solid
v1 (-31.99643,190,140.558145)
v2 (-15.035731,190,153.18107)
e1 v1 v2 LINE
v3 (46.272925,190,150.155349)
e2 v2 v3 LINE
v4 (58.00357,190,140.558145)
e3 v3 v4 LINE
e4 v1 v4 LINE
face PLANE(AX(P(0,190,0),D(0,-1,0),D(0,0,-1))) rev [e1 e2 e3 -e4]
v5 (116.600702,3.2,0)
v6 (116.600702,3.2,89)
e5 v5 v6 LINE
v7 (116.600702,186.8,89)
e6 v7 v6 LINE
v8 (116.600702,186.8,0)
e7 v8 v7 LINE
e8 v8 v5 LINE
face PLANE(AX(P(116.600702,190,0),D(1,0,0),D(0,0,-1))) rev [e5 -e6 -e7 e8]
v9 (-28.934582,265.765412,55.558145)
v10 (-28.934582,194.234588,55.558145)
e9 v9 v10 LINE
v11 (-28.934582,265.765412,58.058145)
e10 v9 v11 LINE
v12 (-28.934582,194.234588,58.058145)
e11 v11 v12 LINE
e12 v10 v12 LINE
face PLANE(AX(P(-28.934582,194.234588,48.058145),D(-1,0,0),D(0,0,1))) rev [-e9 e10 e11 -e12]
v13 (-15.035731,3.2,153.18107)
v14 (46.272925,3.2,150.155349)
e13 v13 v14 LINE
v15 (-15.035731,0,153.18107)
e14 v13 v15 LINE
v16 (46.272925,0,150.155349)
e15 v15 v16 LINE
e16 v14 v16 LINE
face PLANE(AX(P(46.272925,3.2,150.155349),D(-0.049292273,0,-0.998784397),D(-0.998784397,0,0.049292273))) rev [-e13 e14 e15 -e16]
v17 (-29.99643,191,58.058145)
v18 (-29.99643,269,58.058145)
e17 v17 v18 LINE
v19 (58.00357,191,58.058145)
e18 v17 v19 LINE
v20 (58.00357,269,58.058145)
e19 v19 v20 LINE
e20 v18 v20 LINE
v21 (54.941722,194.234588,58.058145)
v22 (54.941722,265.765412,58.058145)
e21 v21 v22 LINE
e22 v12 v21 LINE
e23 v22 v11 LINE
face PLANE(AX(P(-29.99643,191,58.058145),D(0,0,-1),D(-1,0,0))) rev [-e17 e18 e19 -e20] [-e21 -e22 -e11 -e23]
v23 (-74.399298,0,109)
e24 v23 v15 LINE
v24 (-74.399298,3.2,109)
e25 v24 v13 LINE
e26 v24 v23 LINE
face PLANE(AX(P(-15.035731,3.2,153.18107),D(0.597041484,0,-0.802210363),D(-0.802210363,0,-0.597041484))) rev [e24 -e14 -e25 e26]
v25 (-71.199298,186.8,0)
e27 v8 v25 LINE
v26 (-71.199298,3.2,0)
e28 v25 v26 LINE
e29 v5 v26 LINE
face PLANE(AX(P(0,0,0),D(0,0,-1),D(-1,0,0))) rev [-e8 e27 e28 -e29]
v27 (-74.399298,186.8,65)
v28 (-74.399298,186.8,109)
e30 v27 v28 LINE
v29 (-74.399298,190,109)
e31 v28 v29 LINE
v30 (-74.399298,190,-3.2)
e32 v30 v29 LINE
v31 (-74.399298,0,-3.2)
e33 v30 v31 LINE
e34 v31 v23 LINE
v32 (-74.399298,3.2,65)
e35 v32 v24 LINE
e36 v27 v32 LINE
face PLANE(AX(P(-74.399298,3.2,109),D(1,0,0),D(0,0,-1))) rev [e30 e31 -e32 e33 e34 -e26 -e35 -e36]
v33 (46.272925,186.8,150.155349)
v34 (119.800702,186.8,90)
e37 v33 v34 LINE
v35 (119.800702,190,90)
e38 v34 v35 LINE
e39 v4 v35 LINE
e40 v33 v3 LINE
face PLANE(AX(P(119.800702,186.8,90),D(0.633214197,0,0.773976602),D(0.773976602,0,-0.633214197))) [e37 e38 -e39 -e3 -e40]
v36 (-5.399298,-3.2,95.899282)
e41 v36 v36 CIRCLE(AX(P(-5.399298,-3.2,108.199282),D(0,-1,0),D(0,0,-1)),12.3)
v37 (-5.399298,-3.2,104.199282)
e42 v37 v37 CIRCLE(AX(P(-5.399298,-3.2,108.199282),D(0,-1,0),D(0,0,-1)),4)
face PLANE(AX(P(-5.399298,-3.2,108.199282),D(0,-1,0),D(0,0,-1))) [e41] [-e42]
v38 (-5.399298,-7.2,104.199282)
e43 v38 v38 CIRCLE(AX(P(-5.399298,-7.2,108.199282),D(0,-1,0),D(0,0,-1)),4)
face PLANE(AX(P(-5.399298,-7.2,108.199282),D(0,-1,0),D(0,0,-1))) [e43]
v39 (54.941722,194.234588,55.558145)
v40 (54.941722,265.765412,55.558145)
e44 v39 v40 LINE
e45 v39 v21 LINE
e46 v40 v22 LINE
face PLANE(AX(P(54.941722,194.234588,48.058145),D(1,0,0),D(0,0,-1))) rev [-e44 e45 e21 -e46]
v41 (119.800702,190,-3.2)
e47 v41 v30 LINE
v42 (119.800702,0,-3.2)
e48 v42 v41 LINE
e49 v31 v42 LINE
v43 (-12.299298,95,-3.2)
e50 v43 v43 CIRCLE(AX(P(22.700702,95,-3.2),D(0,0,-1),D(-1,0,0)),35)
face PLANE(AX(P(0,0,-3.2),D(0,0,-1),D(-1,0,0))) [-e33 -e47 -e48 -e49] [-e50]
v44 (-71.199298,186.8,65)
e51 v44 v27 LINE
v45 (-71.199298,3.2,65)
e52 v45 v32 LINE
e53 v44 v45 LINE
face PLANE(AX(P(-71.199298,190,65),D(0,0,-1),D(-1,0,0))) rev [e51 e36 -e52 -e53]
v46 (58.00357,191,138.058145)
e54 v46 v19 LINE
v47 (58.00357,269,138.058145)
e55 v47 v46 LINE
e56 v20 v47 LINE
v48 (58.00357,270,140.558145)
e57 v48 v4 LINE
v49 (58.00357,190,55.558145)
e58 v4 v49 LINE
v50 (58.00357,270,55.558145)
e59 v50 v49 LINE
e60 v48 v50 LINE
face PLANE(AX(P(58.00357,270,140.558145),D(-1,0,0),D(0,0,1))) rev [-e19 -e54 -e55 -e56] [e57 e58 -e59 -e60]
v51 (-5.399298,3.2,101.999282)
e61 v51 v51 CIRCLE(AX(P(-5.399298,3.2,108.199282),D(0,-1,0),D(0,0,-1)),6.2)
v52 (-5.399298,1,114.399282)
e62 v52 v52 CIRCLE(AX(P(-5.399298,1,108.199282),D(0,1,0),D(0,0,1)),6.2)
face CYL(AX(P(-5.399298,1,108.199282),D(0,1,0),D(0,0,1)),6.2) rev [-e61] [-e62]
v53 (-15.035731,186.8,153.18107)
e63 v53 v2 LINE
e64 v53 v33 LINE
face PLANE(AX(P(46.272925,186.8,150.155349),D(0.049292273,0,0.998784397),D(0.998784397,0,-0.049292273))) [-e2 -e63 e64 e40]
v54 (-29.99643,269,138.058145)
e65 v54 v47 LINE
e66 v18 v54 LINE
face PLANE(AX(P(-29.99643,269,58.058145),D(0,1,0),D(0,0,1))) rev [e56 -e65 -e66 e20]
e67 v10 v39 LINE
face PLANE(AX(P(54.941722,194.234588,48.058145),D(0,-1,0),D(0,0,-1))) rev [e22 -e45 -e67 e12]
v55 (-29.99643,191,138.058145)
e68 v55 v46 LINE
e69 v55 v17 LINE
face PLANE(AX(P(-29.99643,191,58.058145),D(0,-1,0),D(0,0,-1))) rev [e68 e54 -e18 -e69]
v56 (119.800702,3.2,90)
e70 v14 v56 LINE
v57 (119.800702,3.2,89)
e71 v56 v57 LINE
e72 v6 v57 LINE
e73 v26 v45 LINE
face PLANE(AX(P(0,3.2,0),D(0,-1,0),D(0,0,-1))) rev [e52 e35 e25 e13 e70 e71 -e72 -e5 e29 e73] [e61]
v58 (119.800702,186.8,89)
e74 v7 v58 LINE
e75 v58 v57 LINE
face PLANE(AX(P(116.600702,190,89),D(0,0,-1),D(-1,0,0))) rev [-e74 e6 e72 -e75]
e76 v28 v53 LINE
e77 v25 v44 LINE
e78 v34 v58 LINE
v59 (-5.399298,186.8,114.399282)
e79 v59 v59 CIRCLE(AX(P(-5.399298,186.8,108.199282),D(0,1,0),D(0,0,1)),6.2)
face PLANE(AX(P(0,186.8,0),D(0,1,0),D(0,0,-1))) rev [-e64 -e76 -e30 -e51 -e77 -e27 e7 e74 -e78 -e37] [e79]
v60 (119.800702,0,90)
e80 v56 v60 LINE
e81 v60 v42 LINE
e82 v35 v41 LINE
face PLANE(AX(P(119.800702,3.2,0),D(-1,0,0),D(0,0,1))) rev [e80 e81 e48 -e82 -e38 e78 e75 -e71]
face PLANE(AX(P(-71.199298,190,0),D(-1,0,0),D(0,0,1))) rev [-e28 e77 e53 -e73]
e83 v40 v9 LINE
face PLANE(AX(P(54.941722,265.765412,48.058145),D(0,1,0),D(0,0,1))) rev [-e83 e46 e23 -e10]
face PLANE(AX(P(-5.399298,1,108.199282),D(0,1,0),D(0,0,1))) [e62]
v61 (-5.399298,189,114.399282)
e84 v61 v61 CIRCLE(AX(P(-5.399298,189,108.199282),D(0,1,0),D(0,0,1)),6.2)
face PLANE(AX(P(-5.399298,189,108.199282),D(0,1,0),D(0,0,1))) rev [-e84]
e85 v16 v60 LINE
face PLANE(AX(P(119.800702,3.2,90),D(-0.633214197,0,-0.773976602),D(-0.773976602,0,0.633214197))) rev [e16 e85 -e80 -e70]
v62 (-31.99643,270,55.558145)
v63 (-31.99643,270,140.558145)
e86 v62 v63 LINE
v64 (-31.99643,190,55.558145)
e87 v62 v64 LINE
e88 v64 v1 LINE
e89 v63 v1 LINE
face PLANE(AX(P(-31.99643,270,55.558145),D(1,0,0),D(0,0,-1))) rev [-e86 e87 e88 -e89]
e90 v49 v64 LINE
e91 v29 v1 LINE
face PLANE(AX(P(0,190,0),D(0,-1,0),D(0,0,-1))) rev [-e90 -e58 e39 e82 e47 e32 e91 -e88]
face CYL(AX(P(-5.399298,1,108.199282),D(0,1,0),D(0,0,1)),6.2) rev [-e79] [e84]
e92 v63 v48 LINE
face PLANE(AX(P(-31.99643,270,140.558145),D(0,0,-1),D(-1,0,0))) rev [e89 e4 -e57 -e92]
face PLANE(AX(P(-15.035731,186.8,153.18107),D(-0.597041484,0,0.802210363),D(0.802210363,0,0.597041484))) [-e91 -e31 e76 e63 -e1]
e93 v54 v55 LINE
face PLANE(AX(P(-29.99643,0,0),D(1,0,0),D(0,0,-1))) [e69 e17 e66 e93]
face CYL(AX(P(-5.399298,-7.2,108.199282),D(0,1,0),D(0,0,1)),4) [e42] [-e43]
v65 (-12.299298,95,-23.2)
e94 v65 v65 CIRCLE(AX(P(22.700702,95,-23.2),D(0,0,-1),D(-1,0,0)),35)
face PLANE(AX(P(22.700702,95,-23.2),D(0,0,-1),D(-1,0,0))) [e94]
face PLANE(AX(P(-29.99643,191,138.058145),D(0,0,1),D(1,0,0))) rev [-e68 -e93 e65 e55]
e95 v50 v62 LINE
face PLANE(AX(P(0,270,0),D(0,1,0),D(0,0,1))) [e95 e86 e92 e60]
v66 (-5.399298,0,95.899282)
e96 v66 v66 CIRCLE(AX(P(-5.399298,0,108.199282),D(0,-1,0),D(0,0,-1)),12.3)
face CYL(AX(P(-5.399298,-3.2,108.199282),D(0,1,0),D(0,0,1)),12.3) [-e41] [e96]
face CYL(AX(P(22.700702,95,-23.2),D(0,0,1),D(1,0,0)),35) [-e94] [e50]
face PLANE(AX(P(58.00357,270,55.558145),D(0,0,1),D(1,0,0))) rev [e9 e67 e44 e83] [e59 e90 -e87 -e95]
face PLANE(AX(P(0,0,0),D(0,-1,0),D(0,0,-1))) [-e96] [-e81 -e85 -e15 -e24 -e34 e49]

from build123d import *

# Parameters (mm, degrees)
BOSS_EXTRUDE1_DEPTH = 3.2
SKETCH3_R           = 12.3
BOSS_EXTRUDE2_DEPTH = 3.2
SKETCH4_R           = 4
BOSS_EXTRUDE3_DEPTH = 4
SKETCH6_W           = 3.2
SKETCH6_H           = 65
BOSS_EXTRUDE4_DEPTH = 190
SKETCH8_W           = 3.2
SKETCH8_H           = 89
BOSS_EXTRUDE5_DEPTH = 190
SKETCH9_W           = 194.2
SKETCH9_H           = 190
BOSS_EXTRUDE7_DEPTH = 3.2
SKETCH11_R          = 6.2
CUT_EXTRUDE2_DEPTH  = 94
SKETCH12_R          = 35
BOSS_EXTRUDE8_DEPTH = 20
SKETCH14_W          = 90
SKETCH14_H          = 85
BOSS_EXTRUDE9_DEPTH = 80
SKETCH15_W          = 80
SKETCH15_H          = 78
CUT_EXTRUDE3_DEPTH  = 88
SKETCH16_W          = 83.876304214
SKETCH16_H          = 71.530824042
CUT_EXTRUDE7_DEPTH  = 10


with BuildPart() as part:
    # Sketch1 → Boss-Extrude1 (new body)
    with BuildSketch(Plane(origin=(0, 0, 0), x_dir=(1, 0, 0), z_dir=(0, 1, 0))):
        Polygon((-71.199297972, 0), (119.800702028, 0), (119.800702028, -90), (46.272924854, -150.155348756), (-15.035731115, -153.181069815), (-74.399297972, -109), (-74.399297972, -65), (-71.199297972, -65), align=None)
    boss_extrude1 = extrude(amount=BOSS_EXTRUDE1_DEPTH)

    # Sketch3 → Boss-Extrude2 (add)
    with BuildSketch(Plane.XZ):
        with Locations(Location((-5.399297972, 108.199281837, 0), (0, 0, 270))):
            Circle(SKETCH3_R)
    boss_extrude2 = extrude(amount=BOSS_EXTRUDE2_DEPTH)

    # Sketch4 → Boss-Extrude3 (add)
    with BuildSketch(Plane.XZ.offset(3.2)):
        with Locations(Location((-5.399297972, 108.199281837, 0), (0, 0, 270))):
            Circle(SKETCH4_R)
    boss_extrude3 = extrude(amount=BOSS_EXTRUDE3_DEPTH)

    # Sketch6 → Boss-Extrude4 (add)
    with BuildSketch(Plane(origin=(0, 0, 0), x_dir=(1, 0, 0), z_dir=(0, 1, 0))):
        with Locations((-72.799297972, -32.5)):
            Rectangle(SKETCH6_W, SKETCH6_H)
    extrude(amount=BOSS_EXTRUDE4_DEPTH)

    # Sketch8 → Boss-Extrude5 (add)
    with BuildSketch(Plane(origin=(0, 0, 0), x_dir=(1, 0, 0), z_dir=(0, 1, 0))):
        with Locations((118.200702028, -44.5)):
            Rectangle(SKETCH8_W, SKETCH8_H)
    extrude(amount=BOSS_EXTRUDE5_DEPTH)

    # Mirror1: Boss-Extrude1, Boss-Extrude2, Boss-Extrude3 across plane
    add(boss_extrude1.mirror(Plane(origin=(0, 95, 0), x_dir=(0, 0, 1), z_dir=(0, -1, 0))))
    add(boss_extrude2.mirror(Plane(origin=(0, 95, 0), x_dir=(0, 0, 1), z_dir=(0, -1, 0))))
    add(boss_extrude3.mirror(Plane(origin=(0, 95, 0), x_dir=(0, 0, 1), z_dir=(0, -1, 0))))

    # Sketch9 → Boss-Extrude7 (add)
    with BuildSketch(Plane.XY):
        with Locations((22.700702028, 95)):
            Rectangle(SKETCH9_W, SKETCH9_H)
    extrude(amount=-BOSS_EXTRUDE7_DEPTH)

    # Sketch11 → Cut-Extrude2 (cut, symmetric)
    with BuildSketch(Plane(origin=(0, 95, 0), x_dir=(1, 0, 0), z_dir=(0, 1, 0))):
        with Locations(Location((-5.399297972, -108.199281837, 0), (0, 0, 270))):
            Circle(SKETCH11_R)
    extrude(amount=CUT_EXTRUDE2_DEPTH, both=True, mode=Mode.SUBTRACT)

    # Sketch12 → Boss-Extrude8 (add)
    with BuildSketch(Plane(origin=(0, 0, -3.2), x_dir=(-1, 0, 0), z_dir=(0, 0, -1))):
        with Locations((-22.700702028, 95)):
            Circle(SKETCH12_R)
    extrude(amount=BOSS_EXTRUDE8_DEPTH)

    # Sketch14 → Boss-Extrude9 (add)
    with BuildSketch(Plane(origin=(0, 190, 0), x_dir=(1, 0, 0), z_dir=(0, 1, 0))):
        with Locations((13.00356987, -98.058145234)):
            Rectangle(SKETCH14_W, SKETCH14_H)
    extrude(amount=BOSS_EXTRUDE9_DEPTH)

    # Sketch15 → Cut-Extrude3 (cut)
    with BuildSketch(Plane(origin=(58.00356987, 0, 0), x_dir=(0, 0, -1), z_dir=(1, 0, 0))):
        with Locations((-98.058145234, 230)):
            Rectangle(SKETCH15_W, SKETCH15_H)
    extrude(amount=-CUT_EXTRUDE3_DEPTH, mode=Mode.SUBTRACT)

    # Sketch16 → Cut-Extrude7 (cut)
    with BuildSketch(Plane.XY.offset(58.058145234)):
        with Locations((13.00356987, 230)):
            Rectangle(SKETCH16_W, SKETCH16_H)
    extrude(amount=-CUT_EXTRUDE7_DEPTH, mode=Mode.SUBTRACT)


solid = part.part
